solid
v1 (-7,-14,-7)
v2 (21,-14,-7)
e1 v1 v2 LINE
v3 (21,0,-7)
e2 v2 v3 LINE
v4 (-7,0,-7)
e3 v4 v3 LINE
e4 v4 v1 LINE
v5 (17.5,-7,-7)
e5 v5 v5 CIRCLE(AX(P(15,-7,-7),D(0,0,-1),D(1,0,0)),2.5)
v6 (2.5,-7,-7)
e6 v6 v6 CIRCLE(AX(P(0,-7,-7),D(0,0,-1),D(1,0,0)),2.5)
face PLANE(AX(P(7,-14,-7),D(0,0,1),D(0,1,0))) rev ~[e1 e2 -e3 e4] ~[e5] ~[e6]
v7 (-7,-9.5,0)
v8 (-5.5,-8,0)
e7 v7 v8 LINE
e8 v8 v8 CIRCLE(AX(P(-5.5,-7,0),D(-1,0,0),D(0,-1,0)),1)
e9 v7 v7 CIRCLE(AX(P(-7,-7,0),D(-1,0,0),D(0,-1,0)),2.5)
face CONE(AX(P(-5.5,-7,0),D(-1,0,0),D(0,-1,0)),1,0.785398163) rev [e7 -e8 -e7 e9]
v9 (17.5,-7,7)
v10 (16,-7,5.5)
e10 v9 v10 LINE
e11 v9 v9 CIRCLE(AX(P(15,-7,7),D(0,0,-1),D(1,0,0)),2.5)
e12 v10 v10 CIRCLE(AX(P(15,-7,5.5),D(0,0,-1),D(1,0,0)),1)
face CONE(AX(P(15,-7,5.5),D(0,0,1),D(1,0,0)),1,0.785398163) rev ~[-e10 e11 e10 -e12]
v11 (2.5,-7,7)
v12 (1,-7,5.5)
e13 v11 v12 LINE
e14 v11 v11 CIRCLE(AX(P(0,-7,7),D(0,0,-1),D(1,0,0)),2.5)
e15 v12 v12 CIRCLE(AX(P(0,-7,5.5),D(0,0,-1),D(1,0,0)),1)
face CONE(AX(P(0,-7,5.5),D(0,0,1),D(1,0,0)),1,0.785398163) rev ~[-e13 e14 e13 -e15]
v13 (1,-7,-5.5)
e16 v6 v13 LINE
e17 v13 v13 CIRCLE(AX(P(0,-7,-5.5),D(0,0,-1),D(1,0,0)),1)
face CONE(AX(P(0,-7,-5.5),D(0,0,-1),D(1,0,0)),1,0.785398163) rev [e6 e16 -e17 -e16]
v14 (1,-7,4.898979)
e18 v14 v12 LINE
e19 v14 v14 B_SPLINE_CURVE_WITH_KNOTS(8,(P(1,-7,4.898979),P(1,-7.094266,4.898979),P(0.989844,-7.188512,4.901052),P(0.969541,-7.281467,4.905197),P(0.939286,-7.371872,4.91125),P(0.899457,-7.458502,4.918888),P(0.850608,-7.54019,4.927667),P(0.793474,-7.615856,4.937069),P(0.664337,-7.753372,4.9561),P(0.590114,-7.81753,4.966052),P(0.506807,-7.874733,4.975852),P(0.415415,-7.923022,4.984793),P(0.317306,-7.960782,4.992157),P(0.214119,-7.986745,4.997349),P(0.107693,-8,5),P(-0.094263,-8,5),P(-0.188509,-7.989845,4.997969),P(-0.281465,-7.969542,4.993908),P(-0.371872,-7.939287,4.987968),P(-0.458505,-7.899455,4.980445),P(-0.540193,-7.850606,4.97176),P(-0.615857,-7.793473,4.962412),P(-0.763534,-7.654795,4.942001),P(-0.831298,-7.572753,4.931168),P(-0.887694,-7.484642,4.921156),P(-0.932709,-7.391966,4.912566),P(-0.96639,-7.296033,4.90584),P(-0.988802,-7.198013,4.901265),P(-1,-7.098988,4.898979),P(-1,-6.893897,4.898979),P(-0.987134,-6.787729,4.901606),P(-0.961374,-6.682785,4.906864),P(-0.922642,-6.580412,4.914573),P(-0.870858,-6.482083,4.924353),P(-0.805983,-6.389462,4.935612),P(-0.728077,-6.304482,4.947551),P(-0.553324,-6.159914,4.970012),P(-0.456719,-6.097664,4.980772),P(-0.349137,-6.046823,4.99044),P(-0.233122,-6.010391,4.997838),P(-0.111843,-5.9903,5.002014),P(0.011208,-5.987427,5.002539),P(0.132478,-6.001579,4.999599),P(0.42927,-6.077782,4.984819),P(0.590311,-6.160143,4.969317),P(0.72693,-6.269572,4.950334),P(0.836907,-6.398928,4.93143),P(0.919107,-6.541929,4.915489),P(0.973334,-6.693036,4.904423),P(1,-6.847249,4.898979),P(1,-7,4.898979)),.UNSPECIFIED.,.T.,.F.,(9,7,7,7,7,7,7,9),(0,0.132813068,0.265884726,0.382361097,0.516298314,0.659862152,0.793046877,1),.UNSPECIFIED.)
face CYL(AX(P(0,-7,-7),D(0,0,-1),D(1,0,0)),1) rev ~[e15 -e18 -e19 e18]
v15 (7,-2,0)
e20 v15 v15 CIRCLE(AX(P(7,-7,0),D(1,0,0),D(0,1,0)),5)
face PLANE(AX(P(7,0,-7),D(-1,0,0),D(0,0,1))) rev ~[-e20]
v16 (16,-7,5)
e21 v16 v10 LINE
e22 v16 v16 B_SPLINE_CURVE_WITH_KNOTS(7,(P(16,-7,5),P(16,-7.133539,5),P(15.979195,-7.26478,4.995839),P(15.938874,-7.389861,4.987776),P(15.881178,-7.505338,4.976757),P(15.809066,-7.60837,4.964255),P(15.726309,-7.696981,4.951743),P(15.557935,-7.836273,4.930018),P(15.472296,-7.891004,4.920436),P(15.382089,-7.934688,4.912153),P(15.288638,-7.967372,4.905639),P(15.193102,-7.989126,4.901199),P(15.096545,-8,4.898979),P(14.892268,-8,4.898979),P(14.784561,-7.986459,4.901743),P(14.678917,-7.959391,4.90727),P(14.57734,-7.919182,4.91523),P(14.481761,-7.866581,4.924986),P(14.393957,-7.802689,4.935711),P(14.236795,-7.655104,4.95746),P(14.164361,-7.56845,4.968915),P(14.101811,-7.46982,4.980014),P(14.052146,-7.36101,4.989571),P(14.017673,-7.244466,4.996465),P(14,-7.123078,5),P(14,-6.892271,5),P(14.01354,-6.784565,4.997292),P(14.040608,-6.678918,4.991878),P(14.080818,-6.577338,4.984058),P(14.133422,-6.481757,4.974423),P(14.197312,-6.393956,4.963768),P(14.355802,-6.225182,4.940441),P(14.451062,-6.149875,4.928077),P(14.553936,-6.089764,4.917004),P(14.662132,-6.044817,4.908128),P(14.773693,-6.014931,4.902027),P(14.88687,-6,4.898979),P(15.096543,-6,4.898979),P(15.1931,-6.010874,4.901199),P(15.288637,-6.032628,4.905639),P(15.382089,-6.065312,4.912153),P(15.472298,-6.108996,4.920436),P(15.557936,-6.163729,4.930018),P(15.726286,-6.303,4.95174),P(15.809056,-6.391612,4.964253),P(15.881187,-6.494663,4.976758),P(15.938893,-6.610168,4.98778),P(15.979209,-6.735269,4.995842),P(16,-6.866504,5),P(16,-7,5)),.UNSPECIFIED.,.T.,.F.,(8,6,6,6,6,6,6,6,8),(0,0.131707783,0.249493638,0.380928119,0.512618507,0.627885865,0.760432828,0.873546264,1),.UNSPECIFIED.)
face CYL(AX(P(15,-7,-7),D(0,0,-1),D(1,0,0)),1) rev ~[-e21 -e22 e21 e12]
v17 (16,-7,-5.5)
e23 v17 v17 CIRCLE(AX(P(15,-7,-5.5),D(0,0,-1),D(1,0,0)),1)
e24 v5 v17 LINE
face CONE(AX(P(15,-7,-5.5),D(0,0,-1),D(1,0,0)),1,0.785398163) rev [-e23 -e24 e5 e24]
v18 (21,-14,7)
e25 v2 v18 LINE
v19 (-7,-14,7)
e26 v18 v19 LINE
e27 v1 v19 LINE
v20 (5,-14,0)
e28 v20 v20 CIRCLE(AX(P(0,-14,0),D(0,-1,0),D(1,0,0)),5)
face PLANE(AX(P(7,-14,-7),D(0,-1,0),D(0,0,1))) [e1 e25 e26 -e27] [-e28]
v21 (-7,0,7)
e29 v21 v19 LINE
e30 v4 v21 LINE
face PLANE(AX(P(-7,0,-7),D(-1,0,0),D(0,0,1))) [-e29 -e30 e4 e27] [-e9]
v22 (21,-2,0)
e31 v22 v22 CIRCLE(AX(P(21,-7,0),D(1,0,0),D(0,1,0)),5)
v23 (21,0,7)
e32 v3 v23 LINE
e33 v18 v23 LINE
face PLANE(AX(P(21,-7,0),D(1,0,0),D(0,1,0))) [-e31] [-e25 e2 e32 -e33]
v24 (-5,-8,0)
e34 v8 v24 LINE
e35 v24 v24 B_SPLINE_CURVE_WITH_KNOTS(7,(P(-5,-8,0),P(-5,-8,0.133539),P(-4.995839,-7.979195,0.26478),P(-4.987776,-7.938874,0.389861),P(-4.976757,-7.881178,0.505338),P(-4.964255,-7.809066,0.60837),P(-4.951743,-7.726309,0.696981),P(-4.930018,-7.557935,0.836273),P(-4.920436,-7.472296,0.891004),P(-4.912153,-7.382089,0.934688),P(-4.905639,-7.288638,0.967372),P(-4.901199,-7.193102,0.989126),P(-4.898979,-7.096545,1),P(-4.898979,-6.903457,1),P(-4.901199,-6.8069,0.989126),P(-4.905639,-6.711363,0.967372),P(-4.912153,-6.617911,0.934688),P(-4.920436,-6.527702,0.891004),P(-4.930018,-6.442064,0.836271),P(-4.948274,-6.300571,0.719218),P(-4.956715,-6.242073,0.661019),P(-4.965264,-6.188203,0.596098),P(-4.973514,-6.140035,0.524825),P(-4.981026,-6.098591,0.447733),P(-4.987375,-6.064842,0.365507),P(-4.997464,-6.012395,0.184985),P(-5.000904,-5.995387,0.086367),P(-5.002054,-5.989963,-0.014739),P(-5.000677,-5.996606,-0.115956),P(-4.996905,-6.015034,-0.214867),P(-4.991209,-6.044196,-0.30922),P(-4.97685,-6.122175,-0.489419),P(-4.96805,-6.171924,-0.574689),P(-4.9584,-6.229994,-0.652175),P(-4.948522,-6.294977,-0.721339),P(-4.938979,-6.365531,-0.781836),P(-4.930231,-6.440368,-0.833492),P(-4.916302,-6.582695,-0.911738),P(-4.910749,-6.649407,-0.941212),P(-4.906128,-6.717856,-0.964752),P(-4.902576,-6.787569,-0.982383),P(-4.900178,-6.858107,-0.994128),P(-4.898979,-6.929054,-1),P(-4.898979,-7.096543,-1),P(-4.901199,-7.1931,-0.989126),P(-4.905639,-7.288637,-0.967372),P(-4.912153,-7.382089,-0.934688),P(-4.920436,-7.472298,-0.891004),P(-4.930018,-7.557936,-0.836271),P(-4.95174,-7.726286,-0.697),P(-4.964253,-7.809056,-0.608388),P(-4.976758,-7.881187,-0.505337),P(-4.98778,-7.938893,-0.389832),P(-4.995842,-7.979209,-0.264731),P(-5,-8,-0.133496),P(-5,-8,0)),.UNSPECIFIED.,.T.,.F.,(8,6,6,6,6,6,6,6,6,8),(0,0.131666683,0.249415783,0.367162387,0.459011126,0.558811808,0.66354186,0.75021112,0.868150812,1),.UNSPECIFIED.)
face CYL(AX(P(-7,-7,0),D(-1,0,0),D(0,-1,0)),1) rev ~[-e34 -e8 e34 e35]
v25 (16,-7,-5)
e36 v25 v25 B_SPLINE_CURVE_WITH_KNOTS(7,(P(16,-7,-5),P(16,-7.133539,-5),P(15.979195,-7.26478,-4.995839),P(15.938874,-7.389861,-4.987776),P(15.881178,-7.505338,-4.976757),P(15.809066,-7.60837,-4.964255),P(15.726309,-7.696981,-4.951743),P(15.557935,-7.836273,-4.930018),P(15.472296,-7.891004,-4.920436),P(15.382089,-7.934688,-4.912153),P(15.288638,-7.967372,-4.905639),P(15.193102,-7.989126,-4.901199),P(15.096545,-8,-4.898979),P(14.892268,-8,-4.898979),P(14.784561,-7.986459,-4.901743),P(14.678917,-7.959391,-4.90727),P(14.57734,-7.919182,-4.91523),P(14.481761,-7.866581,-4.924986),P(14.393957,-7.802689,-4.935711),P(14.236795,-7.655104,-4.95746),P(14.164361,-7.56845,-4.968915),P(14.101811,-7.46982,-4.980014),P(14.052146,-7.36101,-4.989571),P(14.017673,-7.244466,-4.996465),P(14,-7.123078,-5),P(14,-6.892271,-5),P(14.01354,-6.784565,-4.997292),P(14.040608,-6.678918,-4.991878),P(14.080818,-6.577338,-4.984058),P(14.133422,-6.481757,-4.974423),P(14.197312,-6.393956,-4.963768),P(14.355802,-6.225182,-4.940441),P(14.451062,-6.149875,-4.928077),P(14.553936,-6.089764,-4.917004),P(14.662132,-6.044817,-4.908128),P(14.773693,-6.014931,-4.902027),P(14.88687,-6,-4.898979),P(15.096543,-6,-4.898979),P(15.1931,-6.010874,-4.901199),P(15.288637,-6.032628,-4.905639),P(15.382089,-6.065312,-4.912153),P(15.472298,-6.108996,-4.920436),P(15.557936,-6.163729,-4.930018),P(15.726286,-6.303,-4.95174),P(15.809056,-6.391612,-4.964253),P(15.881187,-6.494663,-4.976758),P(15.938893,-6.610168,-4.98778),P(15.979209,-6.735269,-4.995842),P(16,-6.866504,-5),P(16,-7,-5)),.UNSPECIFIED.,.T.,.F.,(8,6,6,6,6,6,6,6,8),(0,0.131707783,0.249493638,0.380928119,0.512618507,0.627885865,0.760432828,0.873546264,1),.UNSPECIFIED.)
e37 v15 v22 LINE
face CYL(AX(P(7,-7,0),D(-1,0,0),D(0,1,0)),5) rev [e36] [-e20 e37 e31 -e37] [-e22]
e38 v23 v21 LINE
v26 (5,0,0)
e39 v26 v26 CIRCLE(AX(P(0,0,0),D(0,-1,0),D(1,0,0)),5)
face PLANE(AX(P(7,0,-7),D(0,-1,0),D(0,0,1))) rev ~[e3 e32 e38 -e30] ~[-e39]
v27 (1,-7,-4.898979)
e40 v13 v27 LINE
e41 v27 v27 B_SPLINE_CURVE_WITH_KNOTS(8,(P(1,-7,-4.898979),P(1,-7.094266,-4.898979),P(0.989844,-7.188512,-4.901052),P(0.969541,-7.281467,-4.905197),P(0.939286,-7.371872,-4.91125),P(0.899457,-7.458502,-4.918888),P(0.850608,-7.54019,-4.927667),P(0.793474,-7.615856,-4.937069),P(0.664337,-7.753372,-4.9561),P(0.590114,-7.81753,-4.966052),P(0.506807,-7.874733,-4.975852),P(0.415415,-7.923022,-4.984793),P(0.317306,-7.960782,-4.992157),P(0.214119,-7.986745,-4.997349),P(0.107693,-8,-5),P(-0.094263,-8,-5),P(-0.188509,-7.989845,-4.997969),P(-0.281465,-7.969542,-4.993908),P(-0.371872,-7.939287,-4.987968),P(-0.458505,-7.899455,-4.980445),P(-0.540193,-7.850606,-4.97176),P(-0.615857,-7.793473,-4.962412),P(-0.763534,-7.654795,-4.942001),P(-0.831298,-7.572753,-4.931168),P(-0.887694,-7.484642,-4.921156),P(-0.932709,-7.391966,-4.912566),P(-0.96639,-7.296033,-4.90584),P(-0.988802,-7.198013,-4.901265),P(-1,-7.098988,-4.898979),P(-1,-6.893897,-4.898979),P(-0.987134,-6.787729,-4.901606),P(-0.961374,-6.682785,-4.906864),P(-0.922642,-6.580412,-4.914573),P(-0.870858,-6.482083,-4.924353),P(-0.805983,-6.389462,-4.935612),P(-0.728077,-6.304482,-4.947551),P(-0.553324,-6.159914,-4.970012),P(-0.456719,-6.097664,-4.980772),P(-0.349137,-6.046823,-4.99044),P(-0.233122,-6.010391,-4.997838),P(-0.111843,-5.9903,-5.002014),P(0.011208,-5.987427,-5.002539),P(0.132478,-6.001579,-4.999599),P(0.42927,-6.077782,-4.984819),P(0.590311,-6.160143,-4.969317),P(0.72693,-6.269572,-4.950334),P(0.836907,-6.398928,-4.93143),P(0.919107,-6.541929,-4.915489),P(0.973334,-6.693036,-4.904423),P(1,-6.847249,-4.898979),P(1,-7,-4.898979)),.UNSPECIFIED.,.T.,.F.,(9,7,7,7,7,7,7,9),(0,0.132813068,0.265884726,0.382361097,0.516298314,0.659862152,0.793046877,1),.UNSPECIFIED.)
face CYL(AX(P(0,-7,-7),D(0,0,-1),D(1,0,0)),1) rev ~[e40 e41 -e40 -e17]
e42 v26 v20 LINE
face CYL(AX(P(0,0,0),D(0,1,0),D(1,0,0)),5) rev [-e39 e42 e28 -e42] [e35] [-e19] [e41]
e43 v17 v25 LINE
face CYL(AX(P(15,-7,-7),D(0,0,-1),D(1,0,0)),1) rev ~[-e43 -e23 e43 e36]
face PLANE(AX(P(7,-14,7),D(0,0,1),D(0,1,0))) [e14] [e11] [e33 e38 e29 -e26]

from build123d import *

# Parameters (mm, degrees)
F2_W      = 14
F2_H      = 14
F2_R      = 5
F3_DEPTH  = 14
F4_ANGLE  = -90
F6_R      = 1
F8_DEPTH  = 14.001
F7_R      = 1
F9_DEPTH  = 2.1020206144
F10_SIZE2 = 1.5
F10_SIZE  = 1.5


with BuildPart() as f3:
    # F2 (on Front) → F3 (new body)
    with BuildSketch(Plane.XZ):
        Rectangle(F2_W, F2_H)
        Circle(F2_R, mode=Mode.SUBTRACT)
    extrude(amount=F3_DEPTH)


with BuildPart() as f4_1:
    # F4: copy of F3
    add(f3.part.rotate(Axis((7, 0, 0), (0, 0, -1)), F4_ANGLE))


with BuildPart() as f3_1:
    add(f3.part)

    # F5: union F4_1
    add(f4_1.part)

    # F6 (on face) → F8 (cut, through all)
    with BuildSketch(Plane(origin=(0, 0, -7), x_dir=(1, 0, 0), z_dir=(0, 0, -1))):
        with Locations((0, 7)):
            Circle(F6_R)
        with Locations((15, 7)):
            Circle(F6_R)
    extrude(amount=-F8_DEPTH, mode=Mode.SUBTRACT)

    # F7 (on face) → F9 (cut, through all)
    with BuildSketch(Plane(origin=(-7, 0, 0), x_dir=(0, -1, 0), z_dir=(-1, 0, 0))):
        with Locations((7, 0)):
            Circle(F7_R)
    extrude(amount=-F9_DEPTH, mode=Mode.SUBTRACT)

    # F10
    f10_edges = [f3_1.edges().sort_by_distance(p)[0] for p in [
        (-1, -7, -7),
        (14, -7, -7),
        (-1, -7, 7),
        (14, -7, 7),
        (-7, -6, 0),
    ]]
    chamfer(f10_edges, length=F10_SIZE, length2=F10_SIZE2)


solid = f3_1.part
